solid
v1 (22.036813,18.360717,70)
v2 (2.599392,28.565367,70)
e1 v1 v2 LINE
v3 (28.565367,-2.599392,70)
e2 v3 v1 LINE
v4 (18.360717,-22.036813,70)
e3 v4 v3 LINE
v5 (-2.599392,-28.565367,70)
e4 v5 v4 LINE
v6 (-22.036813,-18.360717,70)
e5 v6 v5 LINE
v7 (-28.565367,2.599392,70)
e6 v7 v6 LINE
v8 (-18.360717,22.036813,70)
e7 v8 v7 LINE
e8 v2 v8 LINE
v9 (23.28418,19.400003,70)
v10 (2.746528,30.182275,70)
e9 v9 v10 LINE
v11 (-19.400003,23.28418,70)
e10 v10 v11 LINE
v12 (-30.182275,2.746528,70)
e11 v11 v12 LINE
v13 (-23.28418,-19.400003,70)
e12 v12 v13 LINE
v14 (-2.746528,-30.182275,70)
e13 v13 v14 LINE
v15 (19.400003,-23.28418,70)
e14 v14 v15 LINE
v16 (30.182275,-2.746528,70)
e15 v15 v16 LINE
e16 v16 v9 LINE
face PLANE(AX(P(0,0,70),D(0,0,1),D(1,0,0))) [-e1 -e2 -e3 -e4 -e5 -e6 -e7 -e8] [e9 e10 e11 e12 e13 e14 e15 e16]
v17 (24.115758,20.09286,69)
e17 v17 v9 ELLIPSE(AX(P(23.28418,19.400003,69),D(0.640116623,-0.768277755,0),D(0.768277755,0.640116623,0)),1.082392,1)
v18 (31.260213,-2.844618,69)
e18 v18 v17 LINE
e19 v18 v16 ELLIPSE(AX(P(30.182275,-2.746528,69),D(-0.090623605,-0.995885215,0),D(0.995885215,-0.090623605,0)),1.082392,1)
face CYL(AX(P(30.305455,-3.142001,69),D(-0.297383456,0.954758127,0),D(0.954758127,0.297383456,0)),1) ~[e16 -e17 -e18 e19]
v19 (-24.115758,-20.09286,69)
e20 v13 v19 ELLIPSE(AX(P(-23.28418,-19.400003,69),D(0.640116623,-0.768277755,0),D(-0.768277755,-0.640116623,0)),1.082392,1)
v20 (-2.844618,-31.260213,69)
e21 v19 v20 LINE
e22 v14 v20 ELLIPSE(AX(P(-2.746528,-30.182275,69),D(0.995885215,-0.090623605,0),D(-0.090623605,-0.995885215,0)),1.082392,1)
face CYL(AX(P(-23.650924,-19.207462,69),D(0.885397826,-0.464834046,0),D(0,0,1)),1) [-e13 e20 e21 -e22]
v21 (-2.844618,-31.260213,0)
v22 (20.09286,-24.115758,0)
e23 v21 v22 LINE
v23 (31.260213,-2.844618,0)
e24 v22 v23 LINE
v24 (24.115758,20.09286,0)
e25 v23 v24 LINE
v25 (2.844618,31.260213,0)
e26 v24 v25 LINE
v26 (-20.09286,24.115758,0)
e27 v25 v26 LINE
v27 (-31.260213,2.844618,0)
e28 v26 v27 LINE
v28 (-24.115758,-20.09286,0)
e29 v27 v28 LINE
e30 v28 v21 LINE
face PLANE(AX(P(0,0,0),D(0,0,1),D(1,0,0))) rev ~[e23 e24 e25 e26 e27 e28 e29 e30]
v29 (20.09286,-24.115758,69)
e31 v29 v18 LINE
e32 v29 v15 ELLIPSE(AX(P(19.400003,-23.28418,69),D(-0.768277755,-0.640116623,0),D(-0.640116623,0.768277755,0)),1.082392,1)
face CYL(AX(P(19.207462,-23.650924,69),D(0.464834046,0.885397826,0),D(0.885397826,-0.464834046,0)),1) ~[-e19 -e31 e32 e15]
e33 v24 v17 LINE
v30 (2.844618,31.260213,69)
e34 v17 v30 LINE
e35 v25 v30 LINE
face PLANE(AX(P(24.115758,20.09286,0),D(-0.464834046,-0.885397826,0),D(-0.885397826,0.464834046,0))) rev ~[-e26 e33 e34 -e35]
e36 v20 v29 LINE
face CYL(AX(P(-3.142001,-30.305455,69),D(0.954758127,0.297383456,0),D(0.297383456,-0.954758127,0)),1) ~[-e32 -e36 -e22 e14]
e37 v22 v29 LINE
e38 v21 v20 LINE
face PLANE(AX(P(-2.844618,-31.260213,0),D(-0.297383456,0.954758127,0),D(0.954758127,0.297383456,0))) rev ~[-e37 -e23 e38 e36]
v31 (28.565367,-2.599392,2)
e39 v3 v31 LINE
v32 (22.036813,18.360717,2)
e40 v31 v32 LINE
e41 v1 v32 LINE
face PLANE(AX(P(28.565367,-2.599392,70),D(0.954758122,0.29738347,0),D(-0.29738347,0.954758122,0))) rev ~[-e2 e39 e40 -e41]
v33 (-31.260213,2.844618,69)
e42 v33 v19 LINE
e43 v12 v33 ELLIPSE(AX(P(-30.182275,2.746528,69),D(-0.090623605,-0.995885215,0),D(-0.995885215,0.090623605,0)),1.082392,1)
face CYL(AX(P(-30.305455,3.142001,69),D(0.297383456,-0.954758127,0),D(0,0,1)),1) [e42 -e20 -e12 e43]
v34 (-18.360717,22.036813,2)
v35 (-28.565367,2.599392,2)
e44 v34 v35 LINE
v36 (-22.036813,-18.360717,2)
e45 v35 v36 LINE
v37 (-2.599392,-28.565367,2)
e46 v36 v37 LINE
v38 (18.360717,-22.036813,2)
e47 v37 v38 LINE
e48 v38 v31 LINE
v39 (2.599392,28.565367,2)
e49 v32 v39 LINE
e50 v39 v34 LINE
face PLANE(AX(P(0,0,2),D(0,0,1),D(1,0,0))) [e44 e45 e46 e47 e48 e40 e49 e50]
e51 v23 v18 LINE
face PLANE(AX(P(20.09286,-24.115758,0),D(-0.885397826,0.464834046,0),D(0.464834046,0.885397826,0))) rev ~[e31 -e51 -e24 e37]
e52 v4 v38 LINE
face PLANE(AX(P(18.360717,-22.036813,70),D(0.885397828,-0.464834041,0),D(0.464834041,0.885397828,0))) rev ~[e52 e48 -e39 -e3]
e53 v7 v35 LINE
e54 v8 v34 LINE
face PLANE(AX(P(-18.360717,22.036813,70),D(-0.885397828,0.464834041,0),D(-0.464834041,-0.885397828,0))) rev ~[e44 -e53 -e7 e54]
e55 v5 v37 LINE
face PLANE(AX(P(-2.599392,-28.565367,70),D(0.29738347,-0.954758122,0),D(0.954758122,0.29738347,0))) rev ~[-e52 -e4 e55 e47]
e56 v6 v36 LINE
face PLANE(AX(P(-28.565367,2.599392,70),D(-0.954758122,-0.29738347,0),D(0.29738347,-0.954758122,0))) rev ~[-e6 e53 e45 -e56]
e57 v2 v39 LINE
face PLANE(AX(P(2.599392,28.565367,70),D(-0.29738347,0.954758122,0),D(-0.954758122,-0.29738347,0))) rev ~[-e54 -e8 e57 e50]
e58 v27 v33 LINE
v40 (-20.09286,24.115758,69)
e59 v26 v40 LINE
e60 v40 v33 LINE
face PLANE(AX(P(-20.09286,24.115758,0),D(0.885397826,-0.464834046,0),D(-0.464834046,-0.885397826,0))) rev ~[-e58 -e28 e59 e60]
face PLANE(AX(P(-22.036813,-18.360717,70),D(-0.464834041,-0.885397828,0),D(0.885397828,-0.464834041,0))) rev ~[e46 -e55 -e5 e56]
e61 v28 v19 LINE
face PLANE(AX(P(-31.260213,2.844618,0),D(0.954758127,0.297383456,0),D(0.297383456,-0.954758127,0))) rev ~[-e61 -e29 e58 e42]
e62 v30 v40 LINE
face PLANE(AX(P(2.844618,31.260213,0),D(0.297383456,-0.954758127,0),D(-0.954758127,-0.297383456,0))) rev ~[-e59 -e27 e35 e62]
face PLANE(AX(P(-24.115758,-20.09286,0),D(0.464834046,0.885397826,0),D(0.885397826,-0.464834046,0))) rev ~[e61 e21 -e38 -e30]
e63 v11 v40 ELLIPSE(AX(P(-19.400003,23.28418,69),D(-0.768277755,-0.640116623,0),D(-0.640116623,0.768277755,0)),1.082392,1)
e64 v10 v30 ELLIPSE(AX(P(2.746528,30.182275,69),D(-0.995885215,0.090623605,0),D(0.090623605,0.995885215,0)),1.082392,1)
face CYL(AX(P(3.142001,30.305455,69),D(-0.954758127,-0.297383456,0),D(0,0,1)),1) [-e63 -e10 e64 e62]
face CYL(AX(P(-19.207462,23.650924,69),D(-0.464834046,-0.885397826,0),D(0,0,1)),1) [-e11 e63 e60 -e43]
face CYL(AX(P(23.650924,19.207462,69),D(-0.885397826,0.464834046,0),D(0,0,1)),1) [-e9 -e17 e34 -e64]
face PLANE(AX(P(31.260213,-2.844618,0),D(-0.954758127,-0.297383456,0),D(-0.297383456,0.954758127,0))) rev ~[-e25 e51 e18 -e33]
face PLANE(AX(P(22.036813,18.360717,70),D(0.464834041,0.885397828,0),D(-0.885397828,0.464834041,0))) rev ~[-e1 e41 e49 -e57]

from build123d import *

# Parameters (mm, degrees)
F1_DEPTH = 70
F3_DEPTH = 68
F4_R     = 1


with BuildPart() as f1:
    # F0 (on Top) → F1 (new body)
    with BuildSketch(Plane.XY):
        Polygon((20.09286, -24.115758), (31.260213, -2.844618), (24.115758, 20.09286), (2.844618, 31.260213), (-20.09286, 24.115758), (-31.260213, 2.844618), (-24.115758, -20.09286), (-2.844618, -31.260213), align=None)
    extrude(amount=F1_DEPTH)

    # F2 (on face) → F3 (cut)
    with BuildSketch(Plane.XY.offset(70)):
        Polygon((18.360717, -22.036813), (28.565367, -2.599392), (22.036813, 18.360717), (2.599392, 28.565367), (-18.360717, 22.036813), (-28.565367, 2.599392), (-22.036813, -18.360717), (-2.599392, -28.565367), align=None)
    extrude(amount=-F3_DEPTH, mode=Mode.SUBTRACT)

    # F4
    f4_edges = [f1.edges().sort_by_distance(p)[0] for p in [
        (25.676537, -13.480188, 70),
        (27.687985, 8.624121, 70),
        (13.480188, 25.676537, 70),
        (-8.624121, 27.687985, 70),
        (-25.676537, 13.480188, 70),
        (-27.687985, -8.624121, 70),
        (-13.480188, -25.676537, 70),
        (8.624121, -27.687985, 70),
    ]]
    fillet(f4_edges, radius=F4_R)


solid = f1.part
